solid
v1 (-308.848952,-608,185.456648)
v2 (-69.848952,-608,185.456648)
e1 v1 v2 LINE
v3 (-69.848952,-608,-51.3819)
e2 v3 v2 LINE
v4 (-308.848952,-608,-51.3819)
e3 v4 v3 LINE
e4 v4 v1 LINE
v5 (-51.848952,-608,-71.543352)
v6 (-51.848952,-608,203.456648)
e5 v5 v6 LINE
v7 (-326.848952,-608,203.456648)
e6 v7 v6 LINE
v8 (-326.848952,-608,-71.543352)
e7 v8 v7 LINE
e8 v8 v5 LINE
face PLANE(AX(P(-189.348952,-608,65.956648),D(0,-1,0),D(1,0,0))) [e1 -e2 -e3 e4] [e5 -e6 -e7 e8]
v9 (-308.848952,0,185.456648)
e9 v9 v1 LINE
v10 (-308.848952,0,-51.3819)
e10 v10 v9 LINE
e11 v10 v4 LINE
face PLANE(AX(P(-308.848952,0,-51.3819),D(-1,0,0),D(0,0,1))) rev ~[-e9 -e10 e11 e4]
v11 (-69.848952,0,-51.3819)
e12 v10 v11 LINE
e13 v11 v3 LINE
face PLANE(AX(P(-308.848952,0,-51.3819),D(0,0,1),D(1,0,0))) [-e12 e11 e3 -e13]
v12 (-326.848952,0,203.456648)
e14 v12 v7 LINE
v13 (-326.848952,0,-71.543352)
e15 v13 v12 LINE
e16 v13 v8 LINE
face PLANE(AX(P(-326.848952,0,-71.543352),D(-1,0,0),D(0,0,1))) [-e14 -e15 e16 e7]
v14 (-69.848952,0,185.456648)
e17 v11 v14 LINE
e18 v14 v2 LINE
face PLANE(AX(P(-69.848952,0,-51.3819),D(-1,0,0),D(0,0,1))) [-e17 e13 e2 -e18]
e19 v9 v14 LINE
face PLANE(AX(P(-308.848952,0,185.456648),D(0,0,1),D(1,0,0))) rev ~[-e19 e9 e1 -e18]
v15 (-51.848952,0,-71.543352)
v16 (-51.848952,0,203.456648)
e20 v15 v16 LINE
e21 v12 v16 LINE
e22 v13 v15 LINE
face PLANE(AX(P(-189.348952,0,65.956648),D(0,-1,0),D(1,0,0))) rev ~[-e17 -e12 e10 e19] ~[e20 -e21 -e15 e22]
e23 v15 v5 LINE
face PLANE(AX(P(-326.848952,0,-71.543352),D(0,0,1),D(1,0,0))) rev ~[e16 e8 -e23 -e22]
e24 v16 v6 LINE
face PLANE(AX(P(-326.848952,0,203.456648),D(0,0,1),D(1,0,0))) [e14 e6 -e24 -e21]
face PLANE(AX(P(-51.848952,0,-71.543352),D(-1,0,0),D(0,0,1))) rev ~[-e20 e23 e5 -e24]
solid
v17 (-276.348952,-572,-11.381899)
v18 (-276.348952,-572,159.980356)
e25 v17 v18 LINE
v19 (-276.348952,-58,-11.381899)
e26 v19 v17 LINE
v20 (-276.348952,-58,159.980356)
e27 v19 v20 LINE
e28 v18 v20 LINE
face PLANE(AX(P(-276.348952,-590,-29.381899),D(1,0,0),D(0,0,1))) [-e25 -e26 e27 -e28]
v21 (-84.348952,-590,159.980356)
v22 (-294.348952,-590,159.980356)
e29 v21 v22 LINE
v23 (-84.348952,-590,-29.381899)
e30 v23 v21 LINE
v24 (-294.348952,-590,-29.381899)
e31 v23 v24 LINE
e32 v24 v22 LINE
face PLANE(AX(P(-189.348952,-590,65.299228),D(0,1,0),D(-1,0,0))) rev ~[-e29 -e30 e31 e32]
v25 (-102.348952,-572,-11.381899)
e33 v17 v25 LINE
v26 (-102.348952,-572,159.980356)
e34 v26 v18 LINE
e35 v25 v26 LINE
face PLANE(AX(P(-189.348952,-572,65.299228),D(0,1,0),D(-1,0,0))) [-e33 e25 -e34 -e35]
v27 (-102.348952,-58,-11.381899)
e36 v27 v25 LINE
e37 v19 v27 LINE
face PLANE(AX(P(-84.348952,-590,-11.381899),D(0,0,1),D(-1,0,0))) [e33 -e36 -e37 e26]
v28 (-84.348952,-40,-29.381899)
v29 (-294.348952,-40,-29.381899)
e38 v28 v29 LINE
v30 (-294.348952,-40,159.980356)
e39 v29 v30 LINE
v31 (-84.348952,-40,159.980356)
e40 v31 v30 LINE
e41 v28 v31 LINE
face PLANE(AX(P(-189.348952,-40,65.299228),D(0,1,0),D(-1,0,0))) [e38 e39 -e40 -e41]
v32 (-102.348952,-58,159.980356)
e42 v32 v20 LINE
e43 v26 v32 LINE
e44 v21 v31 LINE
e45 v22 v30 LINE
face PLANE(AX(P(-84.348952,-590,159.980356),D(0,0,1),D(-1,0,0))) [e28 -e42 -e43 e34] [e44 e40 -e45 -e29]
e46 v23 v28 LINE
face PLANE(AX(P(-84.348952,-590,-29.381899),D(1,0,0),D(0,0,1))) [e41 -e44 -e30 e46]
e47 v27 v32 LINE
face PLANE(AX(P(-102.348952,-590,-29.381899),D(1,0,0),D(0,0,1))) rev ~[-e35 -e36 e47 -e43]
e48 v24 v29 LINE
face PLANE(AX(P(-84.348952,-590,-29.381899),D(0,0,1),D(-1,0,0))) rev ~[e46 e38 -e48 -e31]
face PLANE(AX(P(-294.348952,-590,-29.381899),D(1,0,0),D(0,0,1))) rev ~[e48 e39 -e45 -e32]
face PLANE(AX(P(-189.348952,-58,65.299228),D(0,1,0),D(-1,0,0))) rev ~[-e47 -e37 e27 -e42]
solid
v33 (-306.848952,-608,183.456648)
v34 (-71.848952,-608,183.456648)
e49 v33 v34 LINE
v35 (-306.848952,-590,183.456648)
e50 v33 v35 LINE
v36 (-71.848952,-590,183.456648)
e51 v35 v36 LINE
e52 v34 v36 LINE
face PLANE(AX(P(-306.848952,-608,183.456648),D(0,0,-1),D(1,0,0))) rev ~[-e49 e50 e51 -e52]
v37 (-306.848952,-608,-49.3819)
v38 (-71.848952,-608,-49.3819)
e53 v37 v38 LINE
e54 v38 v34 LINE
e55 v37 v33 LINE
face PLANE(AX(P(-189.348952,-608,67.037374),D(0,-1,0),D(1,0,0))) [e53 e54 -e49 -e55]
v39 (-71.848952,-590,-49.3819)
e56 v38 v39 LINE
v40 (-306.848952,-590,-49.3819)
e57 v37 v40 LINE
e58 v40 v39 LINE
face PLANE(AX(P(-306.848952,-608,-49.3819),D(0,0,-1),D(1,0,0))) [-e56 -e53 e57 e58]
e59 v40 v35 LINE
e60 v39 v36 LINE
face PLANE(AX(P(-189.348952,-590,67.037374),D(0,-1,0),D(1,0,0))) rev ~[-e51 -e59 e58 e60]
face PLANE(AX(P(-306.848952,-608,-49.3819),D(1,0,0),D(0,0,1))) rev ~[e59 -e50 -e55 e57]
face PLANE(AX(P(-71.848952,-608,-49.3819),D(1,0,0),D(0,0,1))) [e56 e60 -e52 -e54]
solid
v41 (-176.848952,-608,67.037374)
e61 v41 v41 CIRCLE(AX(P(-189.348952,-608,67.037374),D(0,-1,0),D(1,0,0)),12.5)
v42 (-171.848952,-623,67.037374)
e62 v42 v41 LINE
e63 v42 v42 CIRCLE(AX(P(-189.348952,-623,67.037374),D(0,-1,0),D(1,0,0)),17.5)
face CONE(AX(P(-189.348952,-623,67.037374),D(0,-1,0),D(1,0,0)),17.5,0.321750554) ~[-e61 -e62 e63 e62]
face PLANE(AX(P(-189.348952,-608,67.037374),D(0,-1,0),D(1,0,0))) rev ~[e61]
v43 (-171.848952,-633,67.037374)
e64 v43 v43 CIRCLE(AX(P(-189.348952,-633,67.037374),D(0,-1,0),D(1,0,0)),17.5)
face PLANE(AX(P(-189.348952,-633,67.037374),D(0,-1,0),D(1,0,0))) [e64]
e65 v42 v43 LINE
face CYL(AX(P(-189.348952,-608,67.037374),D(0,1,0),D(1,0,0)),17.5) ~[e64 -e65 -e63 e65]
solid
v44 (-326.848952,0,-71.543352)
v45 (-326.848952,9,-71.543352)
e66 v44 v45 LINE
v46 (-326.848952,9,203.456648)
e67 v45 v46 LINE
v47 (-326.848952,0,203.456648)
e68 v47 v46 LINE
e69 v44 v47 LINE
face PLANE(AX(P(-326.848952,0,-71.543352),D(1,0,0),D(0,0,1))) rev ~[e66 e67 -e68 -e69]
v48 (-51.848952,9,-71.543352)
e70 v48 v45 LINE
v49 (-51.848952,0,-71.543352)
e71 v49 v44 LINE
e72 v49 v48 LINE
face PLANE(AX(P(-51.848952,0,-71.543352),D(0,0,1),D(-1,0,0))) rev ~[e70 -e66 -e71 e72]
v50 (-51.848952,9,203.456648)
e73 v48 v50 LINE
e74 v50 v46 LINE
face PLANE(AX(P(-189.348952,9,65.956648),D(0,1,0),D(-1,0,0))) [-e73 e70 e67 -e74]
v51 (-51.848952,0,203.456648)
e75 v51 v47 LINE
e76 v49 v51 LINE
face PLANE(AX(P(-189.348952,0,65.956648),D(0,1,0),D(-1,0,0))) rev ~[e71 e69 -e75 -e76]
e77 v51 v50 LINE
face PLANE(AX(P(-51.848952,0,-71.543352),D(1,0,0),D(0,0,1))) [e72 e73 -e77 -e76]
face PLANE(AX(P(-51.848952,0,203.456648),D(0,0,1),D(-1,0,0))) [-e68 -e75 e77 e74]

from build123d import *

# Parameters (mm, degrees)
F0_W      = 275
F0_H      = 275
F0_W_2    = 239
F0_H_2    = 236.838547
F1_DEPTH  = 608
F2_W      = 275
F2_H      = 275
F3_DEPTH  = 9
F4_W      = 235
F4_H      = 232.838547
F5_DEPTH  = 18
F6_W      = 210
F6_H      = 189.362255
F7_DEPTH  = 550
F8_T      = -18
F9_R      = 17.5
F10_DEPTH = 25
F11_SIZE2 = 5
F11_SIZE  = 15


with BuildPart() as f1:
    # F0 (on Front) → F1 (new body)
    with BuildSketch(Plane.XZ):
        with Locations((-189.348952, 65.956648)):
            Rectangle(F0_W, F0_H)
        with Locations((-189.348952, 67.037374)):
            Rectangle(F0_W_2, F0_H_2, mode=Mode.SUBTRACT)
    extrude(amount=F1_DEPTH)


with BuildPart() as f3:
    # F2 (on face) → F3 (new body)
    with BuildSketch(Plane(origin=(0, 0, 0), x_dir=(-1, 0, 0), z_dir=(0, 1, 0))):
        with Locations((189.348952, 65.956648)):
            Rectangle(F2_W, F2_H)
    extrude(amount=F3_DEPTH)


with BuildPart() as f5:
    # F4 (on face) → F5 (new body)
    with BuildSketch(Plane.XZ.offset(608)):
        with Locations((-189.348952, 67.037374)):
            Rectangle(F4_W, F4_H)
    extrude(amount=-F5_DEPTH)


with BuildPart() as f7:
    # F6 (on face) → F7 (new body)
    with BuildSketch(Plane(origin=(0, -590, 0), x_dir=(-1, 0, 0), z_dir=(0, 1, 0))):
        with Locations((189.348952, 65.299228)):
            Rectangle(F6_W, F6_H)
    extrude(amount=F7_DEPTH)

    # F8
    f8_openings = [f7.faces().sort_by_distance(p)[0] for p in [
        (-189.348952, -315, 159.980356),
    ]]
    offset(amount=F8_T, openings=f8_openings)


with BuildPart() as f10:
    # F9 (on face) → F10 (new body)
    with BuildSketch(Plane.XZ.offset(608)):
        with Locations((-189.348952, 67.037374)):
            Circle(F9_R)
    extrude(amount=F10_DEPTH)

    # F11
    f11_edges = [f10.edges().sort_by_distance(p)[0] for p in [
        (-206.848952, -608, 67.037374),
    ]]
    chamfer(f11_edges, length=F11_SIZE, length2=F11_SIZE2)


solid = Compound([f1.part, f3.part, f5.part, f7.part, f10.part])
